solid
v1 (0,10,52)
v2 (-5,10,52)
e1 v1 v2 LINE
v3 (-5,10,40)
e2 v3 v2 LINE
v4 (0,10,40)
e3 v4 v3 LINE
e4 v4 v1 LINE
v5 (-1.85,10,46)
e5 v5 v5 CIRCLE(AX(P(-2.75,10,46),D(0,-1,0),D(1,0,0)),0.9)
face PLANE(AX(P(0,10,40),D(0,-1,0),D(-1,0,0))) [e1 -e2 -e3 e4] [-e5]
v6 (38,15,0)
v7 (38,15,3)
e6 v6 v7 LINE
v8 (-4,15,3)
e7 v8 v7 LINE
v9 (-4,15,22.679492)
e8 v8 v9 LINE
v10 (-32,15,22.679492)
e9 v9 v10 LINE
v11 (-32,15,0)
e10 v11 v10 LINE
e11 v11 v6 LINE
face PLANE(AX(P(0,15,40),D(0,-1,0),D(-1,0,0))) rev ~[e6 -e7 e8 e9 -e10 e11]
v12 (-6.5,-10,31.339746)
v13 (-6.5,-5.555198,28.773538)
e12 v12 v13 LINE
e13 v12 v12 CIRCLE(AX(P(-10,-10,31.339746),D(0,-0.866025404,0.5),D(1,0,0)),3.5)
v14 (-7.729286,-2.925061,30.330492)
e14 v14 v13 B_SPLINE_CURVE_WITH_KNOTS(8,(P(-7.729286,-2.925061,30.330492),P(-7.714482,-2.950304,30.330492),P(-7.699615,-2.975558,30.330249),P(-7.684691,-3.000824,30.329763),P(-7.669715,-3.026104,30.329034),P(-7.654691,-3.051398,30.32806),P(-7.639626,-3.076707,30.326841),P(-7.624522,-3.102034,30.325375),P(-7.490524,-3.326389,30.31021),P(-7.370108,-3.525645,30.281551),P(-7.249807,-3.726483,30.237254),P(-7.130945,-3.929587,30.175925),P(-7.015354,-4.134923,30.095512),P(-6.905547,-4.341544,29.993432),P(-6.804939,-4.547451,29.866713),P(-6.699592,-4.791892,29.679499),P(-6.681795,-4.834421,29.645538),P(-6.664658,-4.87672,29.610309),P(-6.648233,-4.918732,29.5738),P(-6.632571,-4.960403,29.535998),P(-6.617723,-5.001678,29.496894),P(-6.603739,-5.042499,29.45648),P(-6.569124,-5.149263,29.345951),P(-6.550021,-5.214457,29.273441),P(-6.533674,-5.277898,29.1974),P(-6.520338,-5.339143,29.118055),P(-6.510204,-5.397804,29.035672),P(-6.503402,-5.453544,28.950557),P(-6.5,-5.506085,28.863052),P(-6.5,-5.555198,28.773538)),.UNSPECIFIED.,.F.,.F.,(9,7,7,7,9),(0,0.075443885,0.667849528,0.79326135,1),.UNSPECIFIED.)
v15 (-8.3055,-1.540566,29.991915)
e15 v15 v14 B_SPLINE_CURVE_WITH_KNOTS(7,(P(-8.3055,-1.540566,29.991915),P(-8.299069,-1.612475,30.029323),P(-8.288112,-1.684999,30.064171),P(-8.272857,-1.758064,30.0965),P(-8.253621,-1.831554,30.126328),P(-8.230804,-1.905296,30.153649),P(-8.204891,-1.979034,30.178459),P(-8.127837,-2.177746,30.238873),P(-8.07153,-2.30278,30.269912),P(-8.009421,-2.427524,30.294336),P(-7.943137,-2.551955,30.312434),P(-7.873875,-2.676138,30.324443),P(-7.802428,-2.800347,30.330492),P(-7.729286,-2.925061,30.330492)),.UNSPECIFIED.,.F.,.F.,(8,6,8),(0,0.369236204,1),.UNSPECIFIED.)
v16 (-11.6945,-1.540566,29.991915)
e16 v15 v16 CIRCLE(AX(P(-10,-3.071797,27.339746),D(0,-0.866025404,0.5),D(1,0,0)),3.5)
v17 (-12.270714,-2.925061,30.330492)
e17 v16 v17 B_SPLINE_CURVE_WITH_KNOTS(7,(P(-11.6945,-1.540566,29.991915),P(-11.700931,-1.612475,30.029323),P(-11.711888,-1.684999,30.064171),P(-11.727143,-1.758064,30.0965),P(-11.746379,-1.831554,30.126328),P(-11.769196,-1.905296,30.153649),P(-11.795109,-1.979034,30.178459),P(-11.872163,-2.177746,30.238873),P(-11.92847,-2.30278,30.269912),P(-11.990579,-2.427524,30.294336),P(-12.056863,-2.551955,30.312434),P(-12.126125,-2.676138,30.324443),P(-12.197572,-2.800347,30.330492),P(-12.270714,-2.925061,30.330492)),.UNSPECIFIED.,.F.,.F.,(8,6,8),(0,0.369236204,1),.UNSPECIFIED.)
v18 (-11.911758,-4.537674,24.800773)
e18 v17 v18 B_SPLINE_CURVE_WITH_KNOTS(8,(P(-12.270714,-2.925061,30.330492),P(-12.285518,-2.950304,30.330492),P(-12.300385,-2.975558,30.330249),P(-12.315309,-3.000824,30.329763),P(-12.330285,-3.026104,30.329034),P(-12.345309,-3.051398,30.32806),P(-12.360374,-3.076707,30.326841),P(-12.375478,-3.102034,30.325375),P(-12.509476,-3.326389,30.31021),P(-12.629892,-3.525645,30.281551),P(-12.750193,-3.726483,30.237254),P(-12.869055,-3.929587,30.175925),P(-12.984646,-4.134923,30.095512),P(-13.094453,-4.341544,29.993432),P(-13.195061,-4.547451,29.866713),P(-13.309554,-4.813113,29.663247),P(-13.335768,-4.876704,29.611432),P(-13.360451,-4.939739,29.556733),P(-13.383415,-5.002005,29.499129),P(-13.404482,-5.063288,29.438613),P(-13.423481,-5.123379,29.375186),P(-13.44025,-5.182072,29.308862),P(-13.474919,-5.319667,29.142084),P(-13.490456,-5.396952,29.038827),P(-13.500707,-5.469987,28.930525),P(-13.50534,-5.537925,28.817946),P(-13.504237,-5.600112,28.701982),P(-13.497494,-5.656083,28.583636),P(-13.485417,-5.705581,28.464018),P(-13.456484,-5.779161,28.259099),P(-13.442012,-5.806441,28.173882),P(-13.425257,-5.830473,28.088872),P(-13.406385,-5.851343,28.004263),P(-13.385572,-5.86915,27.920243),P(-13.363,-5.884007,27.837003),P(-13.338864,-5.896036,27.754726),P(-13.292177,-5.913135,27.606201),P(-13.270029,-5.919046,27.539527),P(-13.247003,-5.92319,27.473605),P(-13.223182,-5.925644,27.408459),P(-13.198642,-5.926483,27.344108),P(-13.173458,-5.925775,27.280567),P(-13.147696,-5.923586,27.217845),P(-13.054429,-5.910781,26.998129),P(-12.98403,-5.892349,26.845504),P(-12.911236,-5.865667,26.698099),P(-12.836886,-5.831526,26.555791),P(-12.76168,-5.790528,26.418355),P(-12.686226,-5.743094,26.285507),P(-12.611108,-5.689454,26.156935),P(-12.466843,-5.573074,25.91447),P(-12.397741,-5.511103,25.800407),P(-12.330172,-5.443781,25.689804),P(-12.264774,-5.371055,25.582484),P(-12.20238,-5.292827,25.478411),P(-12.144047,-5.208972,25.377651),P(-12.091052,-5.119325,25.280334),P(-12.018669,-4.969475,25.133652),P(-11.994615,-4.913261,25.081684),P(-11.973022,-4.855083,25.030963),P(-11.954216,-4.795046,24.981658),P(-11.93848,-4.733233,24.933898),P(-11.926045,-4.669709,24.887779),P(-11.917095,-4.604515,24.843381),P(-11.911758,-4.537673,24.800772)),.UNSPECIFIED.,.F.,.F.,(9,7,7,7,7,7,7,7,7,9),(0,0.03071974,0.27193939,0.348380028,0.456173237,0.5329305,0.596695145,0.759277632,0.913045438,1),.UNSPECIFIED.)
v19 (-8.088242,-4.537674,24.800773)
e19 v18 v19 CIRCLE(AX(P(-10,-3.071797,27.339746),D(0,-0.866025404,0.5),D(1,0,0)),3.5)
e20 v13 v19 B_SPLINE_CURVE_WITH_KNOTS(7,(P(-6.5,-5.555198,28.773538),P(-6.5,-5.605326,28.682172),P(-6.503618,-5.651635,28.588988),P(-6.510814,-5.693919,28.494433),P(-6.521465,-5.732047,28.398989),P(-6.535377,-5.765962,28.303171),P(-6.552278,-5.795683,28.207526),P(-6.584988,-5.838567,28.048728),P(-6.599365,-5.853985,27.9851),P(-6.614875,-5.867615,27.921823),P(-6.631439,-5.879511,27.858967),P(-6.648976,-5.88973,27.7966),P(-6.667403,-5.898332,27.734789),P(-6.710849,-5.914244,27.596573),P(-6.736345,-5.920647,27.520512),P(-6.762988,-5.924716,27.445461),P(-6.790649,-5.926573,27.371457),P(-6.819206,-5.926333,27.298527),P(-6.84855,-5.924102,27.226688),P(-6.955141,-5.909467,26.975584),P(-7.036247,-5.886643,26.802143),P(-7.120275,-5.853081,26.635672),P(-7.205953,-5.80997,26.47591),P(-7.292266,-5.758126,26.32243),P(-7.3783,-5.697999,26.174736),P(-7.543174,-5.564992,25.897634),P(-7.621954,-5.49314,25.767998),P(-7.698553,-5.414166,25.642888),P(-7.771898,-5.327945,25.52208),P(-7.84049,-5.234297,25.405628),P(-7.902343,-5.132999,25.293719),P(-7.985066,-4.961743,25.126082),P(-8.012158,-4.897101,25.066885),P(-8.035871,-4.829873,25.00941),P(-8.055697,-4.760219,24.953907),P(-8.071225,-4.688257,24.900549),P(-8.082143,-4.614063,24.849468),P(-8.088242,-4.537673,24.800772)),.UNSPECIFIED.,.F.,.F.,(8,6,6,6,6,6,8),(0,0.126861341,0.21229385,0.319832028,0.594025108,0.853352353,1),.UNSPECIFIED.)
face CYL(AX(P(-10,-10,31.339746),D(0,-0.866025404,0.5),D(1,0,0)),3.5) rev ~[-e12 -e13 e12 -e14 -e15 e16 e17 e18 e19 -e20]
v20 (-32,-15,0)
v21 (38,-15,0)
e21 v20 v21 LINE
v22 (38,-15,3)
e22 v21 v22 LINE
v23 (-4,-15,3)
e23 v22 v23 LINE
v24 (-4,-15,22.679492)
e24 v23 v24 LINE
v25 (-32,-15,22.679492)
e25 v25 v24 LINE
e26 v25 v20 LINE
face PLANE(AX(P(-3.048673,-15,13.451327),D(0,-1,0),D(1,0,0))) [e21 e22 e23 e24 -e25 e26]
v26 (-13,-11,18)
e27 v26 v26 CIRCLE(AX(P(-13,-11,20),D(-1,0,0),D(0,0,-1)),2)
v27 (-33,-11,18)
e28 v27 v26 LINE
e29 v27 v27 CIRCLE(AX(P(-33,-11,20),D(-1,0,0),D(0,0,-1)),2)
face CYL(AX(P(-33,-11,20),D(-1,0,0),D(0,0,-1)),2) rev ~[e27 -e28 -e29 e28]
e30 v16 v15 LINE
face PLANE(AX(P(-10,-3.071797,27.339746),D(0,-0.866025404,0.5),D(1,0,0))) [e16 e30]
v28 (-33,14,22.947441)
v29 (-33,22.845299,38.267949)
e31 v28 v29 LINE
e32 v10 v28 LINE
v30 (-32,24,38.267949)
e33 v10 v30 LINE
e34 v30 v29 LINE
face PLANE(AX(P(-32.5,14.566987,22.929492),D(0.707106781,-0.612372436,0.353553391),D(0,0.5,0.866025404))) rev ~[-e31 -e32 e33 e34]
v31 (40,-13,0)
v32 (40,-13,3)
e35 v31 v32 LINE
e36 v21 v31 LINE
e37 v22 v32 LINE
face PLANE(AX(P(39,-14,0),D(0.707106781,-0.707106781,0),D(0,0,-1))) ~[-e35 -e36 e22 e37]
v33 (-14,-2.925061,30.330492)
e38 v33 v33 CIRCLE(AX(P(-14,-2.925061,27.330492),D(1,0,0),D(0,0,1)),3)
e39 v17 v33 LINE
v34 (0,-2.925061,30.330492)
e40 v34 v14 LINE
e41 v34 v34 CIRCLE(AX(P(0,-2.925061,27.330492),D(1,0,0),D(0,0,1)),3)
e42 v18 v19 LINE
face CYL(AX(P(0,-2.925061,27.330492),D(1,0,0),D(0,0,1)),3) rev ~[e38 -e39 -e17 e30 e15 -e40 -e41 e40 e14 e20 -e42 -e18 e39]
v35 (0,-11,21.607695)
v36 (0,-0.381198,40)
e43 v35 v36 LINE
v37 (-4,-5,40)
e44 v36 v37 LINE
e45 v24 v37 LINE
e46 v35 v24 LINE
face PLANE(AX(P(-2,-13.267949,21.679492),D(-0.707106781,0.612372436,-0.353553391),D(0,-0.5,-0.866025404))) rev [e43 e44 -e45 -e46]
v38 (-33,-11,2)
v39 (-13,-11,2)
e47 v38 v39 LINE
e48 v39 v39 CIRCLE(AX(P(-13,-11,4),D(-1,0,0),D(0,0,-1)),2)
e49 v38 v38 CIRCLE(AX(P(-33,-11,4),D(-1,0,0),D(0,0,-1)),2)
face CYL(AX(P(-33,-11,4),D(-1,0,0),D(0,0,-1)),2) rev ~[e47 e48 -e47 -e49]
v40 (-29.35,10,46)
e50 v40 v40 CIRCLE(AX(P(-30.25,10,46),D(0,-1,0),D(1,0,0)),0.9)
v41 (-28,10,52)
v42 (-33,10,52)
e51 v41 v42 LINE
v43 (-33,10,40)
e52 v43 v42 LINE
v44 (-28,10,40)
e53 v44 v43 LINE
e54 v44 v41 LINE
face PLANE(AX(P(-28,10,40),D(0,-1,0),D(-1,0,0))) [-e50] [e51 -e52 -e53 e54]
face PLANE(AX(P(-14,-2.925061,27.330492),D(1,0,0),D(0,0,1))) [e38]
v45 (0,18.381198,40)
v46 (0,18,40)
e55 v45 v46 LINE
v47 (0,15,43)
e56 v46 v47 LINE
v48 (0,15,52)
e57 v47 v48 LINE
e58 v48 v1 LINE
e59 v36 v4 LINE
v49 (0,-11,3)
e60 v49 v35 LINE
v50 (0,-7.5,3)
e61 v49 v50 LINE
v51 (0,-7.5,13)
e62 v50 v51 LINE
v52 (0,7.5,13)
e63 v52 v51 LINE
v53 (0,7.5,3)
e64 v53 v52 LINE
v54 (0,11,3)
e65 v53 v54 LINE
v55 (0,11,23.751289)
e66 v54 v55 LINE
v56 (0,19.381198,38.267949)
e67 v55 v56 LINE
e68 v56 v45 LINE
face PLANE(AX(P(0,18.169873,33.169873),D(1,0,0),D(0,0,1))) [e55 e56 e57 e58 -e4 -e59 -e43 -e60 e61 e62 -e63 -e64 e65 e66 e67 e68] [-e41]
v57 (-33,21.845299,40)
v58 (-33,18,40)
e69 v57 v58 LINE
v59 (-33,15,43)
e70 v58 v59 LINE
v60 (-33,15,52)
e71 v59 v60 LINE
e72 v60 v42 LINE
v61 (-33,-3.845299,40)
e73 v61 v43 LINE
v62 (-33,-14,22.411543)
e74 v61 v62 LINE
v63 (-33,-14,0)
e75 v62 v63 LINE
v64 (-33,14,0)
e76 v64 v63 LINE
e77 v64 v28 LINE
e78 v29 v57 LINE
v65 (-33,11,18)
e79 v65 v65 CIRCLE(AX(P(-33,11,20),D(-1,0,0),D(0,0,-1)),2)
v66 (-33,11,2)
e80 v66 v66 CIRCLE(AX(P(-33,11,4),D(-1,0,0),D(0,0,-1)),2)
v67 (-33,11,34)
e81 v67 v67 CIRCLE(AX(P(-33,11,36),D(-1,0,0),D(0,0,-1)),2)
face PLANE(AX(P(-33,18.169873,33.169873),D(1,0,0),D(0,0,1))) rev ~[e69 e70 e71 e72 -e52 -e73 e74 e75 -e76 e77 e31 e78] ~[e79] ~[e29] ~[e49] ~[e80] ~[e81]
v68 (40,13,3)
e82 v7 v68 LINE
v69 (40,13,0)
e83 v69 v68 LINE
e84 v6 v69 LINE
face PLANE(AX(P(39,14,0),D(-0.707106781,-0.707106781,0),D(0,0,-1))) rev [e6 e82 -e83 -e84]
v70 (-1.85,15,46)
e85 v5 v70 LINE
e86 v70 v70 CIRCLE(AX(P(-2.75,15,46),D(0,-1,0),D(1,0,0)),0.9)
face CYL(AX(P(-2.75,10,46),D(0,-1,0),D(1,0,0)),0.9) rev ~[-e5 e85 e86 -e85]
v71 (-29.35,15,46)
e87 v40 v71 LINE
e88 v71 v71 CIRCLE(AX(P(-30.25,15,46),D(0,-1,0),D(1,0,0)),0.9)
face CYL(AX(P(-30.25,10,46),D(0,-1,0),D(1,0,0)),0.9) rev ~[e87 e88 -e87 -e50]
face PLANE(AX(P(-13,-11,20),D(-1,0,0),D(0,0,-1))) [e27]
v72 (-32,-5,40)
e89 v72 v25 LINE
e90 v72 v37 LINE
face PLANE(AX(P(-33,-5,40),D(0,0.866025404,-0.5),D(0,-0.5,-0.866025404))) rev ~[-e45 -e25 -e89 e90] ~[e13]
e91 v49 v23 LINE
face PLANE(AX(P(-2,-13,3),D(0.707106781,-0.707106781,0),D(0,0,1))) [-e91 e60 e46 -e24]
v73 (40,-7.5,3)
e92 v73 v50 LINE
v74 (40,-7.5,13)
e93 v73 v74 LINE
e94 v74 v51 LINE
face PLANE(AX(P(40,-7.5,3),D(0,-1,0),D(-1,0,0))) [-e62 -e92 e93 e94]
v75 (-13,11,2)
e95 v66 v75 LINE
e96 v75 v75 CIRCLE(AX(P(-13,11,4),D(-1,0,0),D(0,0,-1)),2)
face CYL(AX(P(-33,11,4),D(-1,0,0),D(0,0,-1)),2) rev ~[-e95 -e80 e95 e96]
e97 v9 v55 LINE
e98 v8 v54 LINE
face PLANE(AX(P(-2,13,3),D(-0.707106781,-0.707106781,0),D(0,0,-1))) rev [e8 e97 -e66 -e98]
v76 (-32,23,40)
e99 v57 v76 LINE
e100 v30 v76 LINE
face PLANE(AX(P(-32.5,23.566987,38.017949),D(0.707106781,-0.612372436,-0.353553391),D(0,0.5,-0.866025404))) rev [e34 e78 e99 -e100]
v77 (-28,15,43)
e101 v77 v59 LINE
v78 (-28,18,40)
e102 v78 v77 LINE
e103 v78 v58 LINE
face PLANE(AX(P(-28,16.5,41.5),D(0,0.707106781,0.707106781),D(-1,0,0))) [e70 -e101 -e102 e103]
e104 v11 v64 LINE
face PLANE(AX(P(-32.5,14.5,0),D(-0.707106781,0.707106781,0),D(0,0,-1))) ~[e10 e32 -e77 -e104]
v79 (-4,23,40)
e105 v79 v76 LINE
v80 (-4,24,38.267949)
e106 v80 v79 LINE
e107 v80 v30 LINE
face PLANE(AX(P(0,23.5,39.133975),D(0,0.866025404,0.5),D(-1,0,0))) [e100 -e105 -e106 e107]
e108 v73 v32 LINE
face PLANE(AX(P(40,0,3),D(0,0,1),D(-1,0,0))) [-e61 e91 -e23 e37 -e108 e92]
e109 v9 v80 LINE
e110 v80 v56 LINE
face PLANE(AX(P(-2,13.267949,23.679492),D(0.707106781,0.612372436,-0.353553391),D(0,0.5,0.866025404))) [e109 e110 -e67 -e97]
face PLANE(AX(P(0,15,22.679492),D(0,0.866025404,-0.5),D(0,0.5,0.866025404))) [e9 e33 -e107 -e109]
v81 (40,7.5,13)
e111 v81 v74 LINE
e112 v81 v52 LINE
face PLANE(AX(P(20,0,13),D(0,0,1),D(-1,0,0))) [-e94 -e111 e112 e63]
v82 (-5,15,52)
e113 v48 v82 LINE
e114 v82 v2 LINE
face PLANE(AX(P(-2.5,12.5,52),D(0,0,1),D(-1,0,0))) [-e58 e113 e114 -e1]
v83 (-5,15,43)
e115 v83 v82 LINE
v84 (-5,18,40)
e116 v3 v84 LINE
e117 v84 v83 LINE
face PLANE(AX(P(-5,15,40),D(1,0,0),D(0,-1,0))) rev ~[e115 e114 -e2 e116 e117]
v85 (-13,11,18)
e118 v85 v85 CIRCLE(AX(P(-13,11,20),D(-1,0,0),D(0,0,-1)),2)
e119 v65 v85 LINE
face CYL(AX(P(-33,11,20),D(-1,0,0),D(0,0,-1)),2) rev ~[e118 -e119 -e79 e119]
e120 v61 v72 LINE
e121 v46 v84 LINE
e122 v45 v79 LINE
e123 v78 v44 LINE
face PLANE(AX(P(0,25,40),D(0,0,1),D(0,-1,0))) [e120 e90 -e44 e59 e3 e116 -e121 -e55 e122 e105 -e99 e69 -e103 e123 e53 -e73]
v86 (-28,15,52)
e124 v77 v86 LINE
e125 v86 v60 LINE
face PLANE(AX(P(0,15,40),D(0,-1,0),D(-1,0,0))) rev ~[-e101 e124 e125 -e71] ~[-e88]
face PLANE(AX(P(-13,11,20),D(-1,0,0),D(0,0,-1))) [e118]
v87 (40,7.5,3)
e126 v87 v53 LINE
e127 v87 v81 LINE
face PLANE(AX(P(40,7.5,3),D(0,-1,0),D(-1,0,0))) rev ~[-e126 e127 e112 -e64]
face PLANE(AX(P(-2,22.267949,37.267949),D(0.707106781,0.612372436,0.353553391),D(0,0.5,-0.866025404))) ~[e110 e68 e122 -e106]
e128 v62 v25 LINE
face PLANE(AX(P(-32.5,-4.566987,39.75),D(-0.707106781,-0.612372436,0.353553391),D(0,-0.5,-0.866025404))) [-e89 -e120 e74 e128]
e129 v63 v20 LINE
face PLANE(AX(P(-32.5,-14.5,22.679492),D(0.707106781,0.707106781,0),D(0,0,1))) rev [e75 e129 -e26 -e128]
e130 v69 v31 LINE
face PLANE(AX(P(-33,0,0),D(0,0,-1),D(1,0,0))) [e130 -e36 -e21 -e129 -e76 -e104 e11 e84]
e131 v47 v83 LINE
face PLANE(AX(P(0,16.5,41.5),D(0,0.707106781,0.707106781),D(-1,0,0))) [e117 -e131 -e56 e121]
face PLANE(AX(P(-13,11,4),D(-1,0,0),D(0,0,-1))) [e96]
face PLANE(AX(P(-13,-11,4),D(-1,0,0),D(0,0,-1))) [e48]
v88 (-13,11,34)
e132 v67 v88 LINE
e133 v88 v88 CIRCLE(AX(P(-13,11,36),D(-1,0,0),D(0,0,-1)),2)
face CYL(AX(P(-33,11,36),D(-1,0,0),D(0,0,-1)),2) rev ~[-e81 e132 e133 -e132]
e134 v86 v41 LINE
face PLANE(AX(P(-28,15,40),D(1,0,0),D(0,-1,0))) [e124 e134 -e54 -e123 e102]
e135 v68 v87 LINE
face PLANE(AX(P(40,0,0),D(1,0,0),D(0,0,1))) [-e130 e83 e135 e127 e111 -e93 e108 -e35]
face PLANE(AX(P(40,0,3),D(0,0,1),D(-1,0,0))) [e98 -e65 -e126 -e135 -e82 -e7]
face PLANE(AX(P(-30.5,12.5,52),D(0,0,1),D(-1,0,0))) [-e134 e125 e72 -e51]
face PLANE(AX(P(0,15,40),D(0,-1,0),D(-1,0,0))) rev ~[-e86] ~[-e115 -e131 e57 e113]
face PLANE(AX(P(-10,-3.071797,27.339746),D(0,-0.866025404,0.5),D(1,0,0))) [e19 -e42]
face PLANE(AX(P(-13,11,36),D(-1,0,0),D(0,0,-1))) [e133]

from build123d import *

# Parameters (mm, degrees)
PAD_DEPTH       = 15
SKETCH001_W     = 40
SKETCH001_H     = 15
PAD001_DEPTH    = 10
SKETCH002_R     = 2
POCKET_DEPTH    = 20
SKETCH003_W     = 5
SKETCH003_H     = 5
PAD002_DEPTH    = 12
SKETCH004_R     = 0.9
POCKET001_DEPTH = 5.001
PAD003_DEPTH    = 33
POCKET002_DEPTH = 73.001
CHAMFER_SIZE    = 2
CHAMFER001_SIZE = 2
CHAMFER002_SIZE = 1
CHAMFER003_SIZE = 4
SKETCH007_R     = 3.5
POCKET003_DEPTH = 8
SKETCH008_R     = 3
POCKET004_DEPTH = 14
CHAMFER004_SIZE = 3


with BuildPart() as part:
    # Sketch → Pad (new body, symmetric)
    with BuildSketch(Plane.XZ):
        Polygon((-33, 40), (-33, 0), (40, 0), (40, 3), (0, 3), (0, 40), align=None)
    extrude(amount=PAD_DEPTH, both=True)

    # Sketch001 (on Face4 of Pad) → Pad001 (join)
    with BuildSketch(Plane(origin=(0, 0, 3), x_dir=(-1, 0, 0), z_dir=(0, 0, 1))):
        with Locations((-20, 0)):
            Rectangle(SKETCH001_W, SKETCH001_H)
    extrude(amount=PAD001_DEPTH)

    # Sketch002 (on Face1 of Pad001) → Pocket (cut)
    with BuildSketch(Plane(origin=(-33, 0, 0), x_dir=(0, 0, -1), z_dir=(-1, 0, 0))):
        with Locations((-36, 11.0000000011)):
            Circle(SKETCH002_R)
        with Locations((-20, 11.0000000011)):
            Circle(SKETCH002_R)
        with Locations((-4, 11)):
            Circle(SKETCH002_R)
        with Locations((-4, -11)):
            Circle(SKETCH002_R)
        with Locations((-20, -11.0000000011)):
            Circle(SKETCH002_R)
        with Locations((-36, -11.0000000011)):
            Circle(SKETCH002_R)
    extrude(amount=-POCKET_DEPTH, mode=Mode.SUBTRACT)

    # Sketch003 (on Face2 of Pocket) → Pad002 (join)
    with BuildSketch(Plane(origin=(0, 0, 40), x_dir=(-1, 0, 0), z_dir=(0, 0, 1))):
        with Locations((2.5, -12.5)):
            Rectangle(SKETCH003_W, SKETCH003_H)
        with Locations((30.5, -12.5)):
            Rectangle(SKETCH003_W, SKETCH003_H)
    extrude(amount=PAD002_DEPTH)

    # Sketch004 (on Face6 of Pad002) → Pocket001 (cut, through all)
    with BuildSketch(Plane.XZ.offset(-10)):
        with Locations((-30.25, 46)):
            Circle(SKETCH004_R)
        with Locations((-2.75, 46)):
            Circle(SKETCH004_R)
    extrude(amount=-POCKET001_DEPTH, mode=Mode.SUBTRACT)

    # Sketch005 (on Face9 of Pocket001) → Pad003 (join)
    with BuildSketch(Plane(origin=(0, 0, 0), x_dir=(0, 0, 1), z_dir=(1, 0, 0))):
        Polygon((22.6794919243, -15), (40, -25), (40, -15), align=None)
    extrude(amount=-PAD003_DEPTH)

    # Sketch006 (on Face22 of Pad003) → Pocket002 (cut, through all)
    with BuildSketch(Plane(origin=(-33, 0, 0), x_dir=(0, 0, -1), z_dir=(-1, 0, 0))):
        Polygon((-40, 5), (-22.6794919243, 15), (-40, 15), align=None)
    extrude(amount=-POCKET002_DEPTH, mode=Mode.SUBTRACT)

    # Chamfer
    chamfer_edges = [part.edges().sort_by_distance(p)[0] for p in [
        (-16.5, 25, 40),
    ]]
    chamfer(chamfer_edges, length=CHAMFER_SIZE)

    # Chamfer001
    chamfer001_edges = [part.edges().sort_by_distance(p)[0] for p in [
        (40, -15, 1.5),
        (40, 15, 1.5),
    ]]
    chamfer(chamfer001_edges, length=CHAMFER001_SIZE)

    # Chamfer002
    chamfer002_edges = [part.edges().sort_by_distance(p)[0] for p in [
        (-33, -15, 11.339746),
        (-33, -10, 31.339746),
        (-33, 15, 11.339746),
        (-33, 19.5, 30.473721),
        (-33, 23.5, 39.133975),
    ]]
    chamfer(chamfer002_edges, length=CHAMFER002_SIZE)

    # Chamfer003
    chamfer003_edges = [part.edges().sort_by_distance(p)[0] for p in [
        (0, -15, 12.839746),
        (0, -10, 31.339746),
        (0, 19.5, 30.473721),
        (0, 15, 12.839746),
        (0, 23.5, 39.133975),
    ]]
    chamfer(chamfer003_edges, length=CHAMFER003_SIZE)

    # Sketch007 (on Face38 of Chamfer003) → Pocket003 (cut)
    with BuildSketch(Plane(origin=(0, -21.0705080757, 12.1650635095), x_dir=(1, 0, 0), z_dir=(0, -0.8660254038, 0.5))):
        with Locations((-10, 22.1410161514)):
            Circle(SKETCH007_R)
    extrude(amount=-POCKET003_DEPTH, mode=Mode.SUBTRACT)

    # Sketch008 (on Face11 of Pocket003) → Pocket004 (cut)
    with BuildSketch(Plane(origin=(0, 0, 0), x_dir=(0, 0, 1), z_dir=(1, 0, 0))):
        with Locations((27.330492, 2.925061)):
            Circle(SKETCH008_R)
    extrude(amount=-POCKET004_DEPTH, mode=Mode.SUBTRACT)

    # Chamfer004
    chamfer004_edges = [part.edges().sort_by_distance(p)[0] for p in [
        (-2.5, 15, 40),
        (-30.5, 15, 40),
    ]]
    chamfer(chamfer004_edges, length=CHAMFER004_SIZE)


solid = part.part
